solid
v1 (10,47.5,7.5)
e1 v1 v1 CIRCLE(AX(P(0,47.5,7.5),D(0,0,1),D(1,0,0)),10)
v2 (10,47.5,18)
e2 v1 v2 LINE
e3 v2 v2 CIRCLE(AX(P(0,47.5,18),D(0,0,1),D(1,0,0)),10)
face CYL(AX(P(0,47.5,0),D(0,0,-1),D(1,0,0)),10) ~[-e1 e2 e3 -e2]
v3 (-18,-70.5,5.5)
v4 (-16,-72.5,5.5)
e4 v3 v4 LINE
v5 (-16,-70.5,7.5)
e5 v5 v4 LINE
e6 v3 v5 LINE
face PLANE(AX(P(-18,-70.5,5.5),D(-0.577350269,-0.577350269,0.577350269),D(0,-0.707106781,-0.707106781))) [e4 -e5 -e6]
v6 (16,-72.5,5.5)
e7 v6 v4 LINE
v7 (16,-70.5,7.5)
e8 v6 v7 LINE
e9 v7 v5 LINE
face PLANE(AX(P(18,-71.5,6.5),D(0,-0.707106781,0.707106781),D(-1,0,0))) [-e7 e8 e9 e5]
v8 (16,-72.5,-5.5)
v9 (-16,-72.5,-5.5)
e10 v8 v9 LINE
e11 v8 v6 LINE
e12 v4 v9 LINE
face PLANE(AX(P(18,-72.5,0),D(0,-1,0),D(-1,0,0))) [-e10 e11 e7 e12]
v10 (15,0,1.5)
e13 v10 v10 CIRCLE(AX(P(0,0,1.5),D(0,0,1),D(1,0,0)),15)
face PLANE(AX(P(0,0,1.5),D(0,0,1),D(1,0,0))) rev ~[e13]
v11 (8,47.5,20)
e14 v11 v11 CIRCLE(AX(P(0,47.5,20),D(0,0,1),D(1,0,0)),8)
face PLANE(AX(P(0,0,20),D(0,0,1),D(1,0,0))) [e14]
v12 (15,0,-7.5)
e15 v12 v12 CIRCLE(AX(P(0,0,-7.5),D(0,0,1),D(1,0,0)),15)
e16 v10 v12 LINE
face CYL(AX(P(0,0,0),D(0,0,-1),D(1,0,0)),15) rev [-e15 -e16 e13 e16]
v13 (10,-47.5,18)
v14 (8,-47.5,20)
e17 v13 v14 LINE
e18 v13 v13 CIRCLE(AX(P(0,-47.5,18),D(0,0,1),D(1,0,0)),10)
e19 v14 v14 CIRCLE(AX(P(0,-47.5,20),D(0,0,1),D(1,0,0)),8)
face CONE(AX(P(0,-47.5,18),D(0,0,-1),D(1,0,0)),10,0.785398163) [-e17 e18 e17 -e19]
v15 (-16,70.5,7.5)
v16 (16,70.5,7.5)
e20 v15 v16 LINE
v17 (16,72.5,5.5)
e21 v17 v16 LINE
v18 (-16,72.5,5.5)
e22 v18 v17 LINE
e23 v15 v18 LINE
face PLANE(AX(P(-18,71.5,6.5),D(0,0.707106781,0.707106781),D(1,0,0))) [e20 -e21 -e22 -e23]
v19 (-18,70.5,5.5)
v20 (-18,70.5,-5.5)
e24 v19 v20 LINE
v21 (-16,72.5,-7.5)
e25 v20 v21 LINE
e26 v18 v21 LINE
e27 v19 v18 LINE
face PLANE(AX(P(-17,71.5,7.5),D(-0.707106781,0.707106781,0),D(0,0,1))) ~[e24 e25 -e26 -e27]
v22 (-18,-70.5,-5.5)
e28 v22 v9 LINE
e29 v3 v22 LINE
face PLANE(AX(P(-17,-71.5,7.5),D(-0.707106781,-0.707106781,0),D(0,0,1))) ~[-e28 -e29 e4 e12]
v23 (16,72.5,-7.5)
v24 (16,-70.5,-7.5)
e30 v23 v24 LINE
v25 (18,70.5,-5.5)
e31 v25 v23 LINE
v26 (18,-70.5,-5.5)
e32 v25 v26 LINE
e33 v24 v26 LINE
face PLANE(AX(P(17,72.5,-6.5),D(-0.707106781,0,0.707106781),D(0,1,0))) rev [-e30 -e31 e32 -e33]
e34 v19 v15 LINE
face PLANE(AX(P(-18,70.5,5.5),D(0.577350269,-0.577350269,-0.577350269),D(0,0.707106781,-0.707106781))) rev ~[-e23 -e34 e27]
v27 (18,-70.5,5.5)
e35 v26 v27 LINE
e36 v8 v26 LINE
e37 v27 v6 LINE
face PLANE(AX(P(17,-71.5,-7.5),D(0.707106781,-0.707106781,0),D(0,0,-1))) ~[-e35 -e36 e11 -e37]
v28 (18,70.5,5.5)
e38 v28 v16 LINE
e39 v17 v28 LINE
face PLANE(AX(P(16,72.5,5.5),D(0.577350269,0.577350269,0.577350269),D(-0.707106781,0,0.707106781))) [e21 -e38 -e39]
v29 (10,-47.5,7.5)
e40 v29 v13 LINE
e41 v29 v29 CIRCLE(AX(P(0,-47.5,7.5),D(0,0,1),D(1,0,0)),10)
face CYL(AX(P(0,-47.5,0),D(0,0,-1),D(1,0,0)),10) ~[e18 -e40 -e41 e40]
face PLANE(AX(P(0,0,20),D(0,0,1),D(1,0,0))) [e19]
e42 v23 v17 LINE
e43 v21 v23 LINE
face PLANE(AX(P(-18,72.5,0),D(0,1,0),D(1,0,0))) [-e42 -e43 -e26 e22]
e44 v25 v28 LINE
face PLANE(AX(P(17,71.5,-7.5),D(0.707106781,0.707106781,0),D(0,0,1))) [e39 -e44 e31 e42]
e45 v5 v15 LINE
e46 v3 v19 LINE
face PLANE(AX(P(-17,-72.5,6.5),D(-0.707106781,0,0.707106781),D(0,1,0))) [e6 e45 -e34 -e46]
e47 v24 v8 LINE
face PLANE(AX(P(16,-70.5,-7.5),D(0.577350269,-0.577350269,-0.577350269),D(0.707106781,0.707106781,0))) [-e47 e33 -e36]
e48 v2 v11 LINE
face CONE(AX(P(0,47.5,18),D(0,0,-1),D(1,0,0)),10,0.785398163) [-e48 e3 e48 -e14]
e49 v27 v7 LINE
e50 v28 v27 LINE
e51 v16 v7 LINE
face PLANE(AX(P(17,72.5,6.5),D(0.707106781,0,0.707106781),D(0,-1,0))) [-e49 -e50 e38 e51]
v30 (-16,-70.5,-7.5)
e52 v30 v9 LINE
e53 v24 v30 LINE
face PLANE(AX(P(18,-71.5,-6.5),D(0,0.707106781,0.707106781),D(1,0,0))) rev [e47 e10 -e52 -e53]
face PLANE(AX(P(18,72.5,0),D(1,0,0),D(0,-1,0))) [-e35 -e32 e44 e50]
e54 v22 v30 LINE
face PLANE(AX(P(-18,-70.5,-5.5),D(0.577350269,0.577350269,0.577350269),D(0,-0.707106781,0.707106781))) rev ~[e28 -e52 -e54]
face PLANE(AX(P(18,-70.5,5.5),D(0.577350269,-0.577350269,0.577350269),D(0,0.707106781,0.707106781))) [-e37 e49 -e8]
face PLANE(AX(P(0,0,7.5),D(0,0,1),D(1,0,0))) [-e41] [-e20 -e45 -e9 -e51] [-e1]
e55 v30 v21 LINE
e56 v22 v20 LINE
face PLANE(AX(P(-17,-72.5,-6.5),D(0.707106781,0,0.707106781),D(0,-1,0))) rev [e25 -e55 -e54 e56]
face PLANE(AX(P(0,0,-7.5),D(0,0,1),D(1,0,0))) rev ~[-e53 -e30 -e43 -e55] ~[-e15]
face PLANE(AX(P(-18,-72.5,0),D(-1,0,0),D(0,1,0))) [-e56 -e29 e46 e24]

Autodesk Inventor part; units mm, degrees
ref_plane "YZ Plane" through (0, 0, 0) normal (1, 0, 0) x (0, 1, 0)
ref_plane "XZ Plane" through (0, 0, 0) normal (0, 1, 0) x (-1, 0, 0)
ref_plane "XY Plane" through (0, 0, 0) normal (0, 0, 1) x (1, 0, 0)
sketch "Sketch1" plane through (0, 0, 0) normal (0, 0, 1) x (1, 0, 0)
  line L0 (223.4483, -72.5) -> (-46.5517, -72.5)
  line L1 (-46.5517, -72.5) -> (-46.5517, 72.5)
  line L2 (-46.5517, 72.5) -> (223.4483, 72.5)
  line L3 (223.4483, 72.5) -> (223.4483, -72.5)
  line L4 (223.4483, -72.5) -> (-46.5517, 72.5) construction
  line L5 (-46.5517, -72.5) -> (223.4483, 72.5) construction
  circle A0 centre (0, 47.5) radius 10
  line L6 (18, -72.5) -> (-18, -72.5)
  line L7 (-18, -72.5) -> (-18, 72.5)
  line L8 (-18, 72.5) -> (18, 72.5)
  line L9 (18, 72.5) -> (18, -72.5)
  line L10 (18, -72.5) -> (-18, 72.5) construction
  line L11 (-18, -72.5) -> (18, 72.5) construction
  line L12 (-100.5517, 0) -> (277.4483, 0) construction
  line L13 (0, 101.5) -> (0, -101.5) construction
  circle A1 centre (0, -47.5) radius 10
  line L14 (0, -101.5) -> (0, 101.5) construction
  circle A2 centre (0, 0) radius 15
  point P0 (88.4483, 0)
  dimension "d0" = 145
  dimension "d1" = 270
  dimension "d2" = 20
  dimension "d3" = 25
  dimension "d4" = 36
  dimension "d5" = 30
extrude "Extrusion1" add sketch "Sketch1" along normal mid plane 15 contours L0 L7 L2 L9
extrude "Extrusion2" add sketch "Sketch1" against normal blind 7.5 contours A0 | A1
extrude "Extrusion3" add sketch "Sketch1" along normal blind 20 contours A0 | A1
sketch "Sketch2" plane through (0, 0, 7.5) normal (0, 0, 1) x (1, 0, 0)
  line L0 (18, 72.5) -> (-18, 72.5) projected
  line L1 (-18, 72.5) -> (-18, -72.5) projected
  line L2 (-18, -72.5) -> (18, -72.5) projected
  line L3 (18, -72.5) -> (18, 72.5) projected
  circle A0 centre (0, 0) radius 15 projected
  circle A1 centre (0, -47.5) radius 10 projected
  circle A2 centre (0, 47.5) radius 10 projected
extrude "Extrusion4" add sketch "Sketch2" against normal blind 6 contours A0
chamfer "Chamfer1" distance 2 angle 45 13 edges at (0, -72.5, 7.5) (18, -72.5, 0) (0, -72.5, -7.5) (18, 0, -7.5) (18, 0, 7.5) (18, 72.5, 0) (0, 72.5, 7.5) (-18, 0, 7.5) (-10, 47.5, 20) (-10, -47.5, 20) (-18, 0, -7.5) (-18, -72.5, 0) (-18, 72.5, 0)
properties part number "hydraulic_mech" material "Steel, Mild"
